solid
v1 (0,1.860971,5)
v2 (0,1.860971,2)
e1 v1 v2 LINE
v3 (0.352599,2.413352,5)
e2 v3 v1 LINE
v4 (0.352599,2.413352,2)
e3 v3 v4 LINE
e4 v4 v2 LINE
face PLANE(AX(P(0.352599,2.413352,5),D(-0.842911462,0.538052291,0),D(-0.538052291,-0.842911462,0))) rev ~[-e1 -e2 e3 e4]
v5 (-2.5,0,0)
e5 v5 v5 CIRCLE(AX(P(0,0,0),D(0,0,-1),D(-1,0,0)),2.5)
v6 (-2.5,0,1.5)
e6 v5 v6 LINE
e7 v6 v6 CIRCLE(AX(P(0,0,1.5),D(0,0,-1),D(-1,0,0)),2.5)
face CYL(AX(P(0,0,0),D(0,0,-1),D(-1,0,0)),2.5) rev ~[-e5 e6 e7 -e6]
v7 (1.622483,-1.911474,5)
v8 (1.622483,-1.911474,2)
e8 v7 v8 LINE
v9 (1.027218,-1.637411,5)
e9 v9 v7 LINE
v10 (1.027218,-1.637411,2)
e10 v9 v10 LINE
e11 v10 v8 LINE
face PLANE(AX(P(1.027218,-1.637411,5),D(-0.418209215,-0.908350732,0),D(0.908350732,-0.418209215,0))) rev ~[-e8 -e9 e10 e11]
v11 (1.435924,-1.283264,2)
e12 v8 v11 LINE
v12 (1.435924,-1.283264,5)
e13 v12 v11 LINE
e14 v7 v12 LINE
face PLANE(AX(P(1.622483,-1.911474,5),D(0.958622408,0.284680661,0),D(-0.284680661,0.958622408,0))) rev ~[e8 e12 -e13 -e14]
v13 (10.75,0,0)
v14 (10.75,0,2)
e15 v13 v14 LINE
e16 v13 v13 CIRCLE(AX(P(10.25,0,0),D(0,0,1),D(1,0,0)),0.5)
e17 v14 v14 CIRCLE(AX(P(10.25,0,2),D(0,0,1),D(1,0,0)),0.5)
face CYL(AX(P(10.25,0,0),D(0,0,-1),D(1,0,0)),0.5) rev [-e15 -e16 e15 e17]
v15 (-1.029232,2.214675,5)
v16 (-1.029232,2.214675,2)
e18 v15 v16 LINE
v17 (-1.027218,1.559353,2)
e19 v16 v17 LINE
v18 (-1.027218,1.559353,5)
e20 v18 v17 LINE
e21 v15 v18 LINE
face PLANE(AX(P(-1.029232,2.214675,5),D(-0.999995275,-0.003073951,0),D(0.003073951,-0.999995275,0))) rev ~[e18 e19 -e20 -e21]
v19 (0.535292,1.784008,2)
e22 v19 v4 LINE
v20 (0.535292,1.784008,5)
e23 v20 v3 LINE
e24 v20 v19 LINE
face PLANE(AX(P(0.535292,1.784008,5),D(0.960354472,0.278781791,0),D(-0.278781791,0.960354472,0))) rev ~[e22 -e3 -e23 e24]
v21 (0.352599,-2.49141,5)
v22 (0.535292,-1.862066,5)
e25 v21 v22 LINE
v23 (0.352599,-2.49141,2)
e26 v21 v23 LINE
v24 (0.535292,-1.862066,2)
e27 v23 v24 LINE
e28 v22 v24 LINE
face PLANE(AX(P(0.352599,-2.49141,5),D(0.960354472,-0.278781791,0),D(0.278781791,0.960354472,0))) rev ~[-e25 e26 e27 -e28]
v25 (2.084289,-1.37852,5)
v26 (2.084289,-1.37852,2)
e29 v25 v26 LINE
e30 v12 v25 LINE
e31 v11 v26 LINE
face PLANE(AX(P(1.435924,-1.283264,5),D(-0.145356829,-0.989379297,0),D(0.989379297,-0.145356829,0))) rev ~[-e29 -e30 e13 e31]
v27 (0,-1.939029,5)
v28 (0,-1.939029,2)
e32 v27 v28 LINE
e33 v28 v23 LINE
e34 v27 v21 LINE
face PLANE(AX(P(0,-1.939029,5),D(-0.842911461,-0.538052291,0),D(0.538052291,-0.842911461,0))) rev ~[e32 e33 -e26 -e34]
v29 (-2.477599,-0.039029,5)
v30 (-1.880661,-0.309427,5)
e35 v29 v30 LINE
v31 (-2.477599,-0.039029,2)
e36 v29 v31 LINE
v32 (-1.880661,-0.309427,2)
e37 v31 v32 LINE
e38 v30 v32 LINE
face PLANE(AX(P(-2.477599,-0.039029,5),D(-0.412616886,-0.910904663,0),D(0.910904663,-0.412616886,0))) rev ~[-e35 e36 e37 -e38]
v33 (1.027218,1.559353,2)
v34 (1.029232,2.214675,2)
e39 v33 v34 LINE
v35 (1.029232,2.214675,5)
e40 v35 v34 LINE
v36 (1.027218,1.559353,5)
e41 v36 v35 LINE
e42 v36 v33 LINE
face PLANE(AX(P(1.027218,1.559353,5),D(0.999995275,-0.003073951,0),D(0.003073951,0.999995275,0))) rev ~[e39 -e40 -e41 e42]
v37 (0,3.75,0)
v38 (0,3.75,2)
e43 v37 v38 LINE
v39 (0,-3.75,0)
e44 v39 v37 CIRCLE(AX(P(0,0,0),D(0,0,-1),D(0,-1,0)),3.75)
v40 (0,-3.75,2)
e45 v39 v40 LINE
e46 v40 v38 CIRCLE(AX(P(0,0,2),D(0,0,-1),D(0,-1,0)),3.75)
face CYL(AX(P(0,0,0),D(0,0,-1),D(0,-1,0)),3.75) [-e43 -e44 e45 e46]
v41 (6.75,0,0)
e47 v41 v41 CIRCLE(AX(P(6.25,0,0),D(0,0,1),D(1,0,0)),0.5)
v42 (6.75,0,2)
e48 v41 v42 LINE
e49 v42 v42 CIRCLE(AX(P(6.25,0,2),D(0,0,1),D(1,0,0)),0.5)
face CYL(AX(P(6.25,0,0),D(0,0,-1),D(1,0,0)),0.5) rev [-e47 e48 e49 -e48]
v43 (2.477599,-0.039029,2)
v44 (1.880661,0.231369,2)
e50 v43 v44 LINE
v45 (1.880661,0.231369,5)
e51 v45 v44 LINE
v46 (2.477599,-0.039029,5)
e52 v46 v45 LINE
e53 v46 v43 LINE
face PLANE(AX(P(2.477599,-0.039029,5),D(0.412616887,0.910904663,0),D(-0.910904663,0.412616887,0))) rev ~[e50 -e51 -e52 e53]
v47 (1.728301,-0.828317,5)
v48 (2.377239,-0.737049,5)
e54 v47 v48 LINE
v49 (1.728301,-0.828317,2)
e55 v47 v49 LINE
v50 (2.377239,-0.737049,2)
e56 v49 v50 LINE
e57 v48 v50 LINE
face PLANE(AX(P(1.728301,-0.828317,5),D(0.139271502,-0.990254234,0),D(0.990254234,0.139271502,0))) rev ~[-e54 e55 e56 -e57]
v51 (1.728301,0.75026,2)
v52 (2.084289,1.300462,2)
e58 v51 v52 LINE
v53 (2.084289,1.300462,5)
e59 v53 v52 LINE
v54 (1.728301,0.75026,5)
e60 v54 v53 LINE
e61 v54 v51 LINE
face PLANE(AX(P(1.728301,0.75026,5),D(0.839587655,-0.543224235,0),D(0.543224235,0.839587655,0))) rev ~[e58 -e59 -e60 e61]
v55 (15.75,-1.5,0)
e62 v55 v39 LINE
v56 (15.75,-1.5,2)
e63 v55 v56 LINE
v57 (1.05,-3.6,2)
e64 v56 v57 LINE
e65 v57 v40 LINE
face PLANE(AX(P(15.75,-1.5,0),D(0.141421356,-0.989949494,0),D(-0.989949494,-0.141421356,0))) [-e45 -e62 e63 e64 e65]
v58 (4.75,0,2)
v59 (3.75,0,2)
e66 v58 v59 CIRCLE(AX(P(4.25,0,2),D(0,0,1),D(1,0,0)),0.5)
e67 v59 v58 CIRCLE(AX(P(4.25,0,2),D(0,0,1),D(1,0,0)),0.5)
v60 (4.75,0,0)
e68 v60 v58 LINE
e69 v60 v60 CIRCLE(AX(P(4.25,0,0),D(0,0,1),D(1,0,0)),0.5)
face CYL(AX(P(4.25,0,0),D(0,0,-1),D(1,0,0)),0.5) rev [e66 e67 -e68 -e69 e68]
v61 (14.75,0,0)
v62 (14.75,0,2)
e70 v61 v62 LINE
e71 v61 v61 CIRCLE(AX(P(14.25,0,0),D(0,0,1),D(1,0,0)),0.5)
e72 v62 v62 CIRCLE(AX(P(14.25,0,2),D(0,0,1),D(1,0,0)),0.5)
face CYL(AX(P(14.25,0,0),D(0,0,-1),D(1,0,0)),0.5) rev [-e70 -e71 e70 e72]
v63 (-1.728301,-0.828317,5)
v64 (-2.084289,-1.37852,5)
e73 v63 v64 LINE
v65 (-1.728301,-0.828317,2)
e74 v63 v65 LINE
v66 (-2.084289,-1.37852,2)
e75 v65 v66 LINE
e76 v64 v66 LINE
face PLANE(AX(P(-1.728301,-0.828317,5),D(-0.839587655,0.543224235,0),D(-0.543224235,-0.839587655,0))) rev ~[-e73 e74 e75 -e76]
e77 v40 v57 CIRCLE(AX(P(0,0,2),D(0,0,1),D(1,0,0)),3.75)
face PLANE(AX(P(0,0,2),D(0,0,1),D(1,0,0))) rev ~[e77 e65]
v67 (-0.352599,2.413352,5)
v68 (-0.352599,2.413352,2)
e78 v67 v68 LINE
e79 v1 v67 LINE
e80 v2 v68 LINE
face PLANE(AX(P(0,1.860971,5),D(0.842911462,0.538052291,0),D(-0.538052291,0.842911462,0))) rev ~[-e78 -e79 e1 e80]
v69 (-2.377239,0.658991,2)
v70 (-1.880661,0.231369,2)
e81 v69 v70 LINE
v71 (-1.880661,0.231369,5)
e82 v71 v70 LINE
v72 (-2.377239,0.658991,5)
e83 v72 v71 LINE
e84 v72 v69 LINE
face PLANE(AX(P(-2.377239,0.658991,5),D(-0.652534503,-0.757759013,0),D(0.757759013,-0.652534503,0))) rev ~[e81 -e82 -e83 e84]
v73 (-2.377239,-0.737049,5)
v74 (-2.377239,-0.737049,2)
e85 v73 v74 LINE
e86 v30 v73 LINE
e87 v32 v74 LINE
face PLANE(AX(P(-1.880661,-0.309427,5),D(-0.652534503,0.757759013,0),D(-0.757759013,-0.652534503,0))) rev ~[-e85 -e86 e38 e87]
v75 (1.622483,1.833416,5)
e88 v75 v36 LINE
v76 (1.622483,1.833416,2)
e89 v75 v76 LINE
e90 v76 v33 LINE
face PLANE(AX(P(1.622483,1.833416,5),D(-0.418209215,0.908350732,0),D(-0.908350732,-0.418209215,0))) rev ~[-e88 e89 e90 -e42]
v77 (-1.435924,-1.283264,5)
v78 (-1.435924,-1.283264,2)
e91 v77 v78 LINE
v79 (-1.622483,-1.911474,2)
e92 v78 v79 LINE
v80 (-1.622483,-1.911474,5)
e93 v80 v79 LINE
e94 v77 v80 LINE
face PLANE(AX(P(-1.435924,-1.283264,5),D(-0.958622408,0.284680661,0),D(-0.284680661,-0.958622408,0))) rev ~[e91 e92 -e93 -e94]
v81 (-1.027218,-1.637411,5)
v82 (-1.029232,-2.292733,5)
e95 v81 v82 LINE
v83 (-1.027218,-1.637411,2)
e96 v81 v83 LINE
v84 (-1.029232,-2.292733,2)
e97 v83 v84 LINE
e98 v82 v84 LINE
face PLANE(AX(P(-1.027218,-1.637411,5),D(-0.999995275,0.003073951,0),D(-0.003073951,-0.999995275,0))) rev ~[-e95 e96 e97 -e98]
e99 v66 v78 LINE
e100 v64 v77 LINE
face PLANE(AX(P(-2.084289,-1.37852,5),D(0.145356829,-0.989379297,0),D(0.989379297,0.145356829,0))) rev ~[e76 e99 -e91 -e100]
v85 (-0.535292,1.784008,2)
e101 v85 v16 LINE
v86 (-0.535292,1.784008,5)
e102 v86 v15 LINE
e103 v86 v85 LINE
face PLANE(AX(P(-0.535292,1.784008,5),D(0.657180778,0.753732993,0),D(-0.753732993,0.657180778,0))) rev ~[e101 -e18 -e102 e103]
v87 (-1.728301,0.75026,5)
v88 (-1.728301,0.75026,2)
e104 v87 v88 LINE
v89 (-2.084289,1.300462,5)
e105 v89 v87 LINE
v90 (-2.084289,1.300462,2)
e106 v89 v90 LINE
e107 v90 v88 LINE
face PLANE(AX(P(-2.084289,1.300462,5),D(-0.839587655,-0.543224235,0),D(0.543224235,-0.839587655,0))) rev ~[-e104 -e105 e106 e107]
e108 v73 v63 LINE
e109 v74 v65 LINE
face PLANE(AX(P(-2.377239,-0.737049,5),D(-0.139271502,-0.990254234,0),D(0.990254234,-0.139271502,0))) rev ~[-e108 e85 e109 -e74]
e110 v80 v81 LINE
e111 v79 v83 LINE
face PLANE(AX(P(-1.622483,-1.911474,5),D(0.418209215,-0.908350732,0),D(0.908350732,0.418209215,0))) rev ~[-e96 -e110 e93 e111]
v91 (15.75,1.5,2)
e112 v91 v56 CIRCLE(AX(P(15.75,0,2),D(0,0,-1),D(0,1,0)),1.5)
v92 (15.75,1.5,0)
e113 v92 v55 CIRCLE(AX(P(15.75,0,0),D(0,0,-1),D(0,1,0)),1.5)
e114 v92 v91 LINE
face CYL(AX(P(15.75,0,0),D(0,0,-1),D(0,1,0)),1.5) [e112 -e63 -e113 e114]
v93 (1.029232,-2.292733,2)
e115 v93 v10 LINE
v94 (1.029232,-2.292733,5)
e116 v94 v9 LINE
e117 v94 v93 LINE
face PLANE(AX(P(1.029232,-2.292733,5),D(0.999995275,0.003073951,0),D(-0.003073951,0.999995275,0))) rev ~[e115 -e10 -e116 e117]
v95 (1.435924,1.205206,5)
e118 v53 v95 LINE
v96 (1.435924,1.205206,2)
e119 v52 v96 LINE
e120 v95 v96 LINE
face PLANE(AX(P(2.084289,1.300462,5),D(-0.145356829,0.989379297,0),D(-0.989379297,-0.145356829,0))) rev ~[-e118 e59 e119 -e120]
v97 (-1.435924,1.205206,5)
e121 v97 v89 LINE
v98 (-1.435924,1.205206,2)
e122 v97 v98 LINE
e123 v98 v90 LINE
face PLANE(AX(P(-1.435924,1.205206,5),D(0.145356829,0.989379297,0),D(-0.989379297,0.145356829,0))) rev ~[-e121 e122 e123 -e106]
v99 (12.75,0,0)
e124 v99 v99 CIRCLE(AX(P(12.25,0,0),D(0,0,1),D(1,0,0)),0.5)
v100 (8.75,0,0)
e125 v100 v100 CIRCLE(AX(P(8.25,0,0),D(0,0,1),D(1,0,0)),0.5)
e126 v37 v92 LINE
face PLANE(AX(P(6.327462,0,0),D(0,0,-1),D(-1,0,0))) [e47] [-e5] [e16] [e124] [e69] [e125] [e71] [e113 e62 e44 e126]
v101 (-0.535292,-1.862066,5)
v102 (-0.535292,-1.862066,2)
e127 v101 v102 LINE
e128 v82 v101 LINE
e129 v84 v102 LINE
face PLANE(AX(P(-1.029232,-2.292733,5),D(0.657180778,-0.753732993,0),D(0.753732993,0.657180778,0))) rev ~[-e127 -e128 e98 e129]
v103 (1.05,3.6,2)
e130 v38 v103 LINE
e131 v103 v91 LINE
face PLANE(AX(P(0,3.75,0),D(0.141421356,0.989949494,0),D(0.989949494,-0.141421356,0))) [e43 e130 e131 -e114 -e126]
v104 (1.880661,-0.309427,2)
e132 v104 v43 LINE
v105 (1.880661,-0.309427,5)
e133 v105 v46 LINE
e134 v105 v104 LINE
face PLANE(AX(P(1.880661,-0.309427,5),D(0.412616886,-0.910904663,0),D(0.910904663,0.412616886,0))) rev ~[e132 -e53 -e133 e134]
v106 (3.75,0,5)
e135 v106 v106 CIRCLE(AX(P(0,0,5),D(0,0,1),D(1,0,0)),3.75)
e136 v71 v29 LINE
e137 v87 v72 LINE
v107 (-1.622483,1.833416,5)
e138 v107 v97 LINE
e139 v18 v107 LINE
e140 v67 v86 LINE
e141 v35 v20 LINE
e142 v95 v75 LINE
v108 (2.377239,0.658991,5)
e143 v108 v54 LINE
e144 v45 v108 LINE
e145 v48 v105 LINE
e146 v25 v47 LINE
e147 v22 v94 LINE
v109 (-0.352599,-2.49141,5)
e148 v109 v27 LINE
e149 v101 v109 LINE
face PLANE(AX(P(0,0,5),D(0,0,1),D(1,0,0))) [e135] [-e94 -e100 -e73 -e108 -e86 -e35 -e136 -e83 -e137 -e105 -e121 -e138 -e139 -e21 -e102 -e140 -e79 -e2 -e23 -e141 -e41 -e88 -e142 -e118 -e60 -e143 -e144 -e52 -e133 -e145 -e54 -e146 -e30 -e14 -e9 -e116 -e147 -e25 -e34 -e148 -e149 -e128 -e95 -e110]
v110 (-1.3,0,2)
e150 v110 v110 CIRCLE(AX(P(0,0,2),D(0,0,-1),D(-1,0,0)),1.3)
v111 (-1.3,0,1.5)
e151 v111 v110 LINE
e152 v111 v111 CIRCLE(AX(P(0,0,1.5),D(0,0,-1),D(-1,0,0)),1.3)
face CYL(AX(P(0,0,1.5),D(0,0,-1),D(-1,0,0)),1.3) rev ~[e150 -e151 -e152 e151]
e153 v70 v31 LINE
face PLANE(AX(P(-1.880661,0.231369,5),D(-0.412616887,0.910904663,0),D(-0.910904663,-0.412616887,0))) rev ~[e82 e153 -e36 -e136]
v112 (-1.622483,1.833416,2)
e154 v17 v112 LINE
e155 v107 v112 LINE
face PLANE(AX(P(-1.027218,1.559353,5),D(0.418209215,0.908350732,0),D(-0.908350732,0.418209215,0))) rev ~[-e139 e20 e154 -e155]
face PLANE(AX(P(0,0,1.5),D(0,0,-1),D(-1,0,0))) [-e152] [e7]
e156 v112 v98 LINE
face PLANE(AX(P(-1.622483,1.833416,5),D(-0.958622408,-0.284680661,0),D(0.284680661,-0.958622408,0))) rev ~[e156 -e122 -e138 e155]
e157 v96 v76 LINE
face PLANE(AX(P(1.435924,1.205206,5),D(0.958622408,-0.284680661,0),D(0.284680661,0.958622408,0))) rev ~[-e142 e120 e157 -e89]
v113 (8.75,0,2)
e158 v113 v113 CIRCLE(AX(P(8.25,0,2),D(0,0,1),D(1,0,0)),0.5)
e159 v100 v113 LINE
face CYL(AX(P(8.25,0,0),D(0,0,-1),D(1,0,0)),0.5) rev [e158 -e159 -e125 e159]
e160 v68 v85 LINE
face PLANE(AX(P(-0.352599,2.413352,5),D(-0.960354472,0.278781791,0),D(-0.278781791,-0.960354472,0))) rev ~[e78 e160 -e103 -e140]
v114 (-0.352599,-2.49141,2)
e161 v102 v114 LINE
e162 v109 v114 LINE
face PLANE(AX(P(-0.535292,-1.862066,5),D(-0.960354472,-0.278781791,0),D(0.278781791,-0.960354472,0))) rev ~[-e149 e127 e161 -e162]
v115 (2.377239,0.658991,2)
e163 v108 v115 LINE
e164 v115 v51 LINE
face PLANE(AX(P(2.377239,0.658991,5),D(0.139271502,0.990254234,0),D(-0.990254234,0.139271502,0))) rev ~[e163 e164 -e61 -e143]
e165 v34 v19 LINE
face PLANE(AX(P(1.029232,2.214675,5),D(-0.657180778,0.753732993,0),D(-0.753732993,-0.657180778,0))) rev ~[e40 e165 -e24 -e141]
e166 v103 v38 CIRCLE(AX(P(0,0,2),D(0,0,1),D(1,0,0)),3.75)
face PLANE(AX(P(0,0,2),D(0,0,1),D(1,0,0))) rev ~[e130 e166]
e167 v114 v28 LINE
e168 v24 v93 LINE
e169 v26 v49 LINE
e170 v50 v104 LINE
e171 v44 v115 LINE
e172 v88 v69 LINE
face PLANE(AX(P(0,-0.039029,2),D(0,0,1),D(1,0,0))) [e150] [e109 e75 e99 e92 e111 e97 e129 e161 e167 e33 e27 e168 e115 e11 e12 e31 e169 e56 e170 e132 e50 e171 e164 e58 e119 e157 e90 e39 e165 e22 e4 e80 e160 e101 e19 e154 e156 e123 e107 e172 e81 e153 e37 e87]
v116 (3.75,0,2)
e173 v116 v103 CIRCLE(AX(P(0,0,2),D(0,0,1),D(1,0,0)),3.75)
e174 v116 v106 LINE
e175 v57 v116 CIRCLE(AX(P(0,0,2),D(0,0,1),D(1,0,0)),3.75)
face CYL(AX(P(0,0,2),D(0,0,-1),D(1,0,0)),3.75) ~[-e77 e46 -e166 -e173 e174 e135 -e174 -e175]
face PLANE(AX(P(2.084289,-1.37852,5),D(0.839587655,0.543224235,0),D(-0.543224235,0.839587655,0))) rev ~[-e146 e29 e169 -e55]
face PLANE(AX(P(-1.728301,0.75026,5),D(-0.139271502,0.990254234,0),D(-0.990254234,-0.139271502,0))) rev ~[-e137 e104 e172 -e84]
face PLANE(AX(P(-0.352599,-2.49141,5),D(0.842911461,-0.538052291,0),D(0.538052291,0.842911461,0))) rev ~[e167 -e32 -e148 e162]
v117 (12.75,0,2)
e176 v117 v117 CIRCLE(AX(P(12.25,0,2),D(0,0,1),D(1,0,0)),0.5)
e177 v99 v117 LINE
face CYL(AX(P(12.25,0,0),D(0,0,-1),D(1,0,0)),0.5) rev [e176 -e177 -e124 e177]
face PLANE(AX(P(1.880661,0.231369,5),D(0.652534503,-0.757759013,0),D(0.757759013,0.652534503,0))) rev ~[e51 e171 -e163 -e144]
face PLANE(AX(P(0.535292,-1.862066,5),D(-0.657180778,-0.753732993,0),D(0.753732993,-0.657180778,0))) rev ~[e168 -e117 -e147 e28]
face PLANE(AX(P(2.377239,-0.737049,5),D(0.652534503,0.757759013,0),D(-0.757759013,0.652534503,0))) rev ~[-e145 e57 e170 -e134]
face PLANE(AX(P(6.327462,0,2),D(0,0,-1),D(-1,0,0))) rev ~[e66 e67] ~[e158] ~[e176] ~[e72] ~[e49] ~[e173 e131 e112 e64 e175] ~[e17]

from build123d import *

# Parameters (mm, degrees)
SKETCH_1_R          = 0.5
EXTRUDE_1_DEPTH     = 2
SKETCH_2_R          = 2.5
CUT_EXTRUDE_1_DEPTH = 1.5
SKETCH_3_R          = 3.75
EXTRUDE_2_DEPTH     = 3
SKETCH_4_R          = 1.3
CUT_EXTRUDE_2_DEPTH = 9
SKETCH_5_R          = 1.3
CUT_EXTRUDE_4_DEPTH = 3


with BuildPart() as part:
    # 草图1 → 凸台-拉伸1 (new body)
    with BuildSketch(Plane.XY):
        with BuildLine():
            Line((0, 3.75), (15.75, 1.5))
            ThreePointArc((15.75, 1.5), (17.25, 0), (15.75, -1.5))
            Line((15.75, -1.5), (0, -3.75))
            ThreePointArc((0, -3.75), (-3.75, 0), (0, 3.75))
        make_face()
        with Locations((14.25, 0)):
            Circle(SKETCH_1_R, mode=Mode.SUBTRACT)
        with Locations((12.25, 0)):
            Circle(SKETCH_1_R, mode=Mode.SUBTRACT)
        with Locations((10.25, 0)):
            Circle(SKETCH_1_R, mode=Mode.SUBTRACT)
        with Locations((8.25, 0)):
            Circle(SKETCH_1_R, mode=Mode.SUBTRACT)
        with Locations((6.25, 0)):
            Circle(SKETCH_1_R, mode=Mode.SUBTRACT)
        with Locations((4.25, 0)):
            Circle(SKETCH_1_R, mode=Mode.SUBTRACT)
    extrude(amount=EXTRUDE_1_DEPTH)

    # 草图2 → 切除-拉伸1 (cut)
    with BuildSketch(Plane(origin=(0, 0, 0), x_dir=(-1, 0, 0), z_dir=(0, 0, -1))):
        Circle(SKETCH_2_R)
    extrude(amount=-CUT_EXTRUDE_1_DEPTH, mode=Mode.SUBTRACT)

    # 草图3 → 凸台-拉伸2 (add)
    with BuildSketch(Plane.XY.offset(2)):
        Circle(SKETCH_3_R)
    extrude(amount=EXTRUDE_2_DEPTH)

    # 草图4 → 切除-拉伸2 (cut)
    with BuildSketch(Plane(origin=(0, 0, 1.5), x_dir=(-1, 0, 0), z_dir=(0, 0, -1))):
        Circle(SKETCH_4_R)
    extrude(amount=-CUT_EXTRUDE_2_DEPTH, mode=Mode.SUBTRACT)

    # 草图5 → 切除-拉伸4 (cut)
    with BuildSketch(Plane.XY.offset(5)):
        Polygon((0, -1.939028966), (0.352599159, -2.491409984), (0.535291858, -1.862065615), (1.02923199, -2.292732659), (1.027217553, -1.637410678), (1.622482567, -1.911473664), (1.435924191, -1.28326436), (2.084289255, -1.378520335), (1.728300791, -0.82831749), (2.377239224, -0.737049382), (1.88066074, -0.309427158), (2.477599408, -0.039028966), (1.88066074, 0.231369227), (2.377239224, 0.658991451), (1.728300791, 0.750259559), (2.084289255, 1.300462404), (1.435924191, 1.205206429), (1.622482567, 1.833415733), (1.027217553, 1.559352747), (1.02923199, 2.214674728), (0.535291858, 1.784007684), (0.352599159, 2.413352053), (0, 1.860971034), (-0.352599159, 2.413352053), (-0.535291858, 1.784007684), (-1.02923199, 2.214674728), (-1.027217553, 1.559352747), (-1.622482567, 1.833415733), (-1.435924191, 1.205206429), (-2.084289255, 1.300462404), (-1.728300791, 0.750259559), (-2.377239224, 0.658991451), (-1.88066074, 0.231369227), (-2.477599408, -0.039028966), (-1.88066074, -0.309427158), (-2.377239224, -0.737049382), (-1.728300791, -0.82831749), (-2.084289255, -1.378520335), (-1.435924191, -1.28326436), (-1.622482567, -1.911473664), (-1.027217553, -1.637410678), (-1.02923199, -2.292732659), (-0.535291858, -1.862065615), (-0.352599159, -2.491409984), align=None)
        Circle(SKETCH_5_R, mode=Mode.SUBTRACT)
    extrude(amount=-CUT_EXTRUDE_4_DEPTH, mode=Mode.SUBTRACT)


solid = part.part
